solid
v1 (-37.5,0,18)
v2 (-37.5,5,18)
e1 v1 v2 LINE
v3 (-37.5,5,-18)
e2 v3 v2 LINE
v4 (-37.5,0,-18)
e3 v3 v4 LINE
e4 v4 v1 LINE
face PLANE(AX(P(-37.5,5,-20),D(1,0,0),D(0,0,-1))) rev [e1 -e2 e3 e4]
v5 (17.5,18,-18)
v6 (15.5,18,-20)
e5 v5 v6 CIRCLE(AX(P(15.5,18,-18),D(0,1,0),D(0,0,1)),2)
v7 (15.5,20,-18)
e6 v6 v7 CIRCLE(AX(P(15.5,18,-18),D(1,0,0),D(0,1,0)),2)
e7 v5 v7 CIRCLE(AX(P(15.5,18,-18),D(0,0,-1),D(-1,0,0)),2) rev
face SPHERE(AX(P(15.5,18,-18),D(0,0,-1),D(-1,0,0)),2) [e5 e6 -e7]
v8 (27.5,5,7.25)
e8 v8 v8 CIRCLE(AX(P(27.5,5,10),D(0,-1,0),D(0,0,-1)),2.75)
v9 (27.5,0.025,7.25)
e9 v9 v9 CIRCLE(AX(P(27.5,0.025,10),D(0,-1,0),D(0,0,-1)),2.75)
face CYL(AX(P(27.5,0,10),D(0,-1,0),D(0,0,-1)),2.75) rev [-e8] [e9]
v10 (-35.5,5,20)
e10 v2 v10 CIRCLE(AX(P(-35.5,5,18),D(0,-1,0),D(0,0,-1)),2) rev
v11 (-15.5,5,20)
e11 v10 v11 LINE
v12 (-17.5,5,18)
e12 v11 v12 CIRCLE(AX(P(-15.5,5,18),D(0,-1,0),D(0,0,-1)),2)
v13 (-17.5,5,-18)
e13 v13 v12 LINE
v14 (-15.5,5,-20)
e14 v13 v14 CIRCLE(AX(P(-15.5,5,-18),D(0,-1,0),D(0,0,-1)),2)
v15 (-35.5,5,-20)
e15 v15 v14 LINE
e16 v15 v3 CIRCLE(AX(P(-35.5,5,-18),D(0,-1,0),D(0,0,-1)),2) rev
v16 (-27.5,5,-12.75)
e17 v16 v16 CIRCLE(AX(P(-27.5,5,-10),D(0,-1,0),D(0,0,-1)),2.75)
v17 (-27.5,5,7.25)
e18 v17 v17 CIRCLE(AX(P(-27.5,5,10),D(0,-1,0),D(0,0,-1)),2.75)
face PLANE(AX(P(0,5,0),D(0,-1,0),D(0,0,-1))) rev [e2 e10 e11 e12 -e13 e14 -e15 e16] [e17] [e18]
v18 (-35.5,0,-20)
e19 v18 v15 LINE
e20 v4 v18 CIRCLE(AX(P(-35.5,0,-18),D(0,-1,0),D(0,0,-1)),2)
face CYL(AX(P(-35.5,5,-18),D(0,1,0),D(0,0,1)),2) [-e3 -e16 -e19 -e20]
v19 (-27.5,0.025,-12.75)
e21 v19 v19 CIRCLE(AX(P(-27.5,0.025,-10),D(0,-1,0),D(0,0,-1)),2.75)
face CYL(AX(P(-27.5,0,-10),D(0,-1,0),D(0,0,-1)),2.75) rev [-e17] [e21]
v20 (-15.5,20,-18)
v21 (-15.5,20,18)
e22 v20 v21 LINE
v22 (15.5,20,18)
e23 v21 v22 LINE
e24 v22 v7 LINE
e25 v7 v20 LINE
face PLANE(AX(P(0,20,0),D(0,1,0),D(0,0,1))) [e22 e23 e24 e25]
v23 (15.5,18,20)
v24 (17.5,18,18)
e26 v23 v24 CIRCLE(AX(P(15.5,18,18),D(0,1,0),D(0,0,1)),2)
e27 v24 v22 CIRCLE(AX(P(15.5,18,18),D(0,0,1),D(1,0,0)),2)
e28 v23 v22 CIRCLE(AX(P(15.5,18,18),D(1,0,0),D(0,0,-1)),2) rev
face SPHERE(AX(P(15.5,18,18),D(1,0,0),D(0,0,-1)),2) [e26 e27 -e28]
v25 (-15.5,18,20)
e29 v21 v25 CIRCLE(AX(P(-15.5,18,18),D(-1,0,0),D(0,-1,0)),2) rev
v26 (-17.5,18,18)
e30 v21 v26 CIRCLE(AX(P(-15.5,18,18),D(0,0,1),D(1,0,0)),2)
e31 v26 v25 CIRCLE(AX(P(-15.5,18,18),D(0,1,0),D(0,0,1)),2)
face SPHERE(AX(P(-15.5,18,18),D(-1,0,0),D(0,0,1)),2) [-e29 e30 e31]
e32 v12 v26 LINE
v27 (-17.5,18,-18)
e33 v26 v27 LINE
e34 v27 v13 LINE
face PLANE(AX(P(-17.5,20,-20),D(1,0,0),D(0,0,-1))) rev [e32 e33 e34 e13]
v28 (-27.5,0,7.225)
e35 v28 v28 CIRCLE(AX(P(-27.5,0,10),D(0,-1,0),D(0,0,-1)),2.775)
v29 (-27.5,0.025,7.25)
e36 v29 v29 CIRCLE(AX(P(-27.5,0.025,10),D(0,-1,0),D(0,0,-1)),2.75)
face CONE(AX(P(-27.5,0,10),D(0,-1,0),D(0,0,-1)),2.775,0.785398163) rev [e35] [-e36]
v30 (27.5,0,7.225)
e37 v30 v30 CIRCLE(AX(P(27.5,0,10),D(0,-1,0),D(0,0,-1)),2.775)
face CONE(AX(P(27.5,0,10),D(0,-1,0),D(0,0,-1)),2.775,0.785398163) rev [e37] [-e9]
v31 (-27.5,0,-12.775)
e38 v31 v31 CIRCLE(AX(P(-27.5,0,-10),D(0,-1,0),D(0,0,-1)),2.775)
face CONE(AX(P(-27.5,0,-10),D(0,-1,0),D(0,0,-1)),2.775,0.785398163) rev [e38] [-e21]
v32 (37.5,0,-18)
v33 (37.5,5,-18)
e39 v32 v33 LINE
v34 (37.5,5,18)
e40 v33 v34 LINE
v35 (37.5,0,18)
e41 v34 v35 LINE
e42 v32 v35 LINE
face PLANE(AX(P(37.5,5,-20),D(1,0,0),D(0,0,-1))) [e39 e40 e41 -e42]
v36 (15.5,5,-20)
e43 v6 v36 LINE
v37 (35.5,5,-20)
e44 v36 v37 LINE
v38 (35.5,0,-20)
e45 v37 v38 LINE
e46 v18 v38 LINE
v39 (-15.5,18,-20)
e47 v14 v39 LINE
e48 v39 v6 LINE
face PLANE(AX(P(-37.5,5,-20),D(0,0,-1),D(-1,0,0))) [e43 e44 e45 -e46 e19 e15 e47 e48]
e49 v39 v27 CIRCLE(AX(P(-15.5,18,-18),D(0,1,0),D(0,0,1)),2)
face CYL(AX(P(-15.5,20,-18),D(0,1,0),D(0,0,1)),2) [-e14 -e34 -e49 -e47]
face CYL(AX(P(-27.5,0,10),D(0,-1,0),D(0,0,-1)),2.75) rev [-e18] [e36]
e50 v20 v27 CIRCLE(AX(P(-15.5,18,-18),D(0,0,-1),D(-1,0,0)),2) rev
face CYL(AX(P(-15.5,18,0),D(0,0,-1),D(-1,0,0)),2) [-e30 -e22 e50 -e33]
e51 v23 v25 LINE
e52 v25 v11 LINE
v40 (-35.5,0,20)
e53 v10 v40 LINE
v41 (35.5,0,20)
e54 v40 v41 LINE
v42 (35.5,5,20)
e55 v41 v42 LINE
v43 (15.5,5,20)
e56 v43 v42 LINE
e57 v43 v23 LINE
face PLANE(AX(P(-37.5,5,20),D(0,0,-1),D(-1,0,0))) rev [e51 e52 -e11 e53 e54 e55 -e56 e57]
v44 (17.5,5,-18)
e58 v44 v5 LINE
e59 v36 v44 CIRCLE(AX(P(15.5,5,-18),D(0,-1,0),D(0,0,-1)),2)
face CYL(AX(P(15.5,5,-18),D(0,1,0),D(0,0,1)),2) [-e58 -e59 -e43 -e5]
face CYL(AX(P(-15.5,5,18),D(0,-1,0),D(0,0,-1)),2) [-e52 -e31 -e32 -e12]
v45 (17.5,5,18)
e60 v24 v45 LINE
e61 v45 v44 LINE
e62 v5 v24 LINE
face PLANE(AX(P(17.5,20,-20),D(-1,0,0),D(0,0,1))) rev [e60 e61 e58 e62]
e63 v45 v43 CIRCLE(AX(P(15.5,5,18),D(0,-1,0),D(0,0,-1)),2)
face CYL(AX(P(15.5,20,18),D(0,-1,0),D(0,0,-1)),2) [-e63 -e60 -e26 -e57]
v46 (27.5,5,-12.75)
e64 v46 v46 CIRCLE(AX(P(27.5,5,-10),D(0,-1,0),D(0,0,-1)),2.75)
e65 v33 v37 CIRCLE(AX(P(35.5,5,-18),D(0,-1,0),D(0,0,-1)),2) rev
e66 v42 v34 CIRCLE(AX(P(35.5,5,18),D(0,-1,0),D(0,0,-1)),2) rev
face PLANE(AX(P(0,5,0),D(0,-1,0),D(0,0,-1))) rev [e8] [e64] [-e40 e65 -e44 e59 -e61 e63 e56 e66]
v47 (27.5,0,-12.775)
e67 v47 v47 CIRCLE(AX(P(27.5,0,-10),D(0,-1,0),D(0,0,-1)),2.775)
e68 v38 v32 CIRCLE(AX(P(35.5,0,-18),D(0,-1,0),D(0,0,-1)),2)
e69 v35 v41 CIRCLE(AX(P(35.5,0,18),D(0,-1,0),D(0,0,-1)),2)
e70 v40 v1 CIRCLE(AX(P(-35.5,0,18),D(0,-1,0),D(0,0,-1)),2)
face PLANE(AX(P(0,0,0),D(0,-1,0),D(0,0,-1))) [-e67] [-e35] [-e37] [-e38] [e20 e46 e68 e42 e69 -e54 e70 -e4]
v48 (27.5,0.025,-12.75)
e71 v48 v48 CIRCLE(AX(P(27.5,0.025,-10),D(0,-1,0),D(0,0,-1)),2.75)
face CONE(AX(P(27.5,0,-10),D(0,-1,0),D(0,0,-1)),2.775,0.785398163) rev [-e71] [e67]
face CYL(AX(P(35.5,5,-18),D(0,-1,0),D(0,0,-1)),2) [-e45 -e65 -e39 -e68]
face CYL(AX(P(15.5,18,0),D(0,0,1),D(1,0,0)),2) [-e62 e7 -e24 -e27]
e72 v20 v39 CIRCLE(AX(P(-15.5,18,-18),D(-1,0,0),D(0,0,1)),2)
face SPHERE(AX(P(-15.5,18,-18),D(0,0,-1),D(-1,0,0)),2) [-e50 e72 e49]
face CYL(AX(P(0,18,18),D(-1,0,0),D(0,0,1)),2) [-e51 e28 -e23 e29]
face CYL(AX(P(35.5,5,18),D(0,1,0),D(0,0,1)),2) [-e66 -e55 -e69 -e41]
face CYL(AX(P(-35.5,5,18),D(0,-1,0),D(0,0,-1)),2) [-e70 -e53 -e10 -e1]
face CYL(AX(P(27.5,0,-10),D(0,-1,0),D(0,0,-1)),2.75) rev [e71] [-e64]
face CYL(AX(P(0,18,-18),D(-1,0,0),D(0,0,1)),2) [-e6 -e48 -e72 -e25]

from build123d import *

# Parameters (mm, degrees)
SKETCH1_W                      = 75
SKETCH1_H                      = 40
BOSS_EXTRUDE1_DEPTH            = 5
SKETCH3_W                      = 35
SKETCH3_H                      = 40
BOSS_EXTRUDE2_DEPTH            = 15
FILLET1_R                      = 2
FILLET2_R                      = 2
M5_CLEARANCE_HOLE1_D           = 5.5
M5_CLEARANCE_HOLE1_CSINK_D     = 5.55
M5_CLEARANCE_HOLE1_CSINK_ANGLE = 90


with BuildPart() as part:
    # Sketch1 → Boss-Extrude1 (new body)
    with BuildSketch(Plane(origin=(0, 0, 0), x_dir=(1, 0, 0), z_dir=(0, 1, 0))):
        Rectangle(SKETCH1_W, SKETCH1_H)
    extrude(amount=BOSS_EXTRUDE1_DEPTH)

    # Sketch3 → Boss-Extrude2 (add)
    with BuildSketch(Plane(origin=(0, 5, 0), x_dir=(1, 0, 0), z_dir=(0, 1, 0))):
        Rectangle(SKETCH3_W, SKETCH3_H)
    extrude(amount=BOSS_EXTRUDE2_DEPTH)

    # Fillet1
    fillet1_edges = [part.edges().sort_by_distance(p)[0] for p in [
        (-37.5, 2.5, -20),
        (-37.5, 2.5, 20),
        (37.5, 2.5, 20),
        (37.5, 2.5, -20),
    ]]
    fillet(fillet1_edges, radius=FILLET1_R)

    # Fillet2
    fillet2_edges = [part.edges().sort_by_distance(p)[0] for p in [
        (17.5, 12.5, 20),
        (17.5, 12.5, -20),
        (-17.5, 12.5, -20),
        (-17.5, 12.5, 20),
        (17.5, 20, 0),
        (0, 20, -20),
        (-17.5, 20, 0),
        (0, 20, 20),
    ]]
    fillet(fillet2_edges, radius=FILLET2_R)

    # M5 Clearance Hole1 (through all)
    with Locations(Plane(origin=(-27.5, 0, 10), x_dir=(0, 0, -1), z_dir=(0, -1, 0))):
        with Locations((0, 0), (20, 0)):
            m5_clearance_hole1 = CounterSinkHole(M5_CLEARANCE_HOLE1_D / 2, M5_CLEARANCE_HOLE1_CSINK_D / 2, counter_sink_angle=M5_CLEARANCE_HOLE1_CSINK_ANGLE)

    # Mirror1: M5 Clearance Hole1 across plane
    add(m5_clearance_hole1.mirror(Plane(origin=(0, 0, 0), x_dir=(0, 0, 1), z_dir=(1, 0, 0))), mode=Mode.SUBTRACT)


solid = part.part
